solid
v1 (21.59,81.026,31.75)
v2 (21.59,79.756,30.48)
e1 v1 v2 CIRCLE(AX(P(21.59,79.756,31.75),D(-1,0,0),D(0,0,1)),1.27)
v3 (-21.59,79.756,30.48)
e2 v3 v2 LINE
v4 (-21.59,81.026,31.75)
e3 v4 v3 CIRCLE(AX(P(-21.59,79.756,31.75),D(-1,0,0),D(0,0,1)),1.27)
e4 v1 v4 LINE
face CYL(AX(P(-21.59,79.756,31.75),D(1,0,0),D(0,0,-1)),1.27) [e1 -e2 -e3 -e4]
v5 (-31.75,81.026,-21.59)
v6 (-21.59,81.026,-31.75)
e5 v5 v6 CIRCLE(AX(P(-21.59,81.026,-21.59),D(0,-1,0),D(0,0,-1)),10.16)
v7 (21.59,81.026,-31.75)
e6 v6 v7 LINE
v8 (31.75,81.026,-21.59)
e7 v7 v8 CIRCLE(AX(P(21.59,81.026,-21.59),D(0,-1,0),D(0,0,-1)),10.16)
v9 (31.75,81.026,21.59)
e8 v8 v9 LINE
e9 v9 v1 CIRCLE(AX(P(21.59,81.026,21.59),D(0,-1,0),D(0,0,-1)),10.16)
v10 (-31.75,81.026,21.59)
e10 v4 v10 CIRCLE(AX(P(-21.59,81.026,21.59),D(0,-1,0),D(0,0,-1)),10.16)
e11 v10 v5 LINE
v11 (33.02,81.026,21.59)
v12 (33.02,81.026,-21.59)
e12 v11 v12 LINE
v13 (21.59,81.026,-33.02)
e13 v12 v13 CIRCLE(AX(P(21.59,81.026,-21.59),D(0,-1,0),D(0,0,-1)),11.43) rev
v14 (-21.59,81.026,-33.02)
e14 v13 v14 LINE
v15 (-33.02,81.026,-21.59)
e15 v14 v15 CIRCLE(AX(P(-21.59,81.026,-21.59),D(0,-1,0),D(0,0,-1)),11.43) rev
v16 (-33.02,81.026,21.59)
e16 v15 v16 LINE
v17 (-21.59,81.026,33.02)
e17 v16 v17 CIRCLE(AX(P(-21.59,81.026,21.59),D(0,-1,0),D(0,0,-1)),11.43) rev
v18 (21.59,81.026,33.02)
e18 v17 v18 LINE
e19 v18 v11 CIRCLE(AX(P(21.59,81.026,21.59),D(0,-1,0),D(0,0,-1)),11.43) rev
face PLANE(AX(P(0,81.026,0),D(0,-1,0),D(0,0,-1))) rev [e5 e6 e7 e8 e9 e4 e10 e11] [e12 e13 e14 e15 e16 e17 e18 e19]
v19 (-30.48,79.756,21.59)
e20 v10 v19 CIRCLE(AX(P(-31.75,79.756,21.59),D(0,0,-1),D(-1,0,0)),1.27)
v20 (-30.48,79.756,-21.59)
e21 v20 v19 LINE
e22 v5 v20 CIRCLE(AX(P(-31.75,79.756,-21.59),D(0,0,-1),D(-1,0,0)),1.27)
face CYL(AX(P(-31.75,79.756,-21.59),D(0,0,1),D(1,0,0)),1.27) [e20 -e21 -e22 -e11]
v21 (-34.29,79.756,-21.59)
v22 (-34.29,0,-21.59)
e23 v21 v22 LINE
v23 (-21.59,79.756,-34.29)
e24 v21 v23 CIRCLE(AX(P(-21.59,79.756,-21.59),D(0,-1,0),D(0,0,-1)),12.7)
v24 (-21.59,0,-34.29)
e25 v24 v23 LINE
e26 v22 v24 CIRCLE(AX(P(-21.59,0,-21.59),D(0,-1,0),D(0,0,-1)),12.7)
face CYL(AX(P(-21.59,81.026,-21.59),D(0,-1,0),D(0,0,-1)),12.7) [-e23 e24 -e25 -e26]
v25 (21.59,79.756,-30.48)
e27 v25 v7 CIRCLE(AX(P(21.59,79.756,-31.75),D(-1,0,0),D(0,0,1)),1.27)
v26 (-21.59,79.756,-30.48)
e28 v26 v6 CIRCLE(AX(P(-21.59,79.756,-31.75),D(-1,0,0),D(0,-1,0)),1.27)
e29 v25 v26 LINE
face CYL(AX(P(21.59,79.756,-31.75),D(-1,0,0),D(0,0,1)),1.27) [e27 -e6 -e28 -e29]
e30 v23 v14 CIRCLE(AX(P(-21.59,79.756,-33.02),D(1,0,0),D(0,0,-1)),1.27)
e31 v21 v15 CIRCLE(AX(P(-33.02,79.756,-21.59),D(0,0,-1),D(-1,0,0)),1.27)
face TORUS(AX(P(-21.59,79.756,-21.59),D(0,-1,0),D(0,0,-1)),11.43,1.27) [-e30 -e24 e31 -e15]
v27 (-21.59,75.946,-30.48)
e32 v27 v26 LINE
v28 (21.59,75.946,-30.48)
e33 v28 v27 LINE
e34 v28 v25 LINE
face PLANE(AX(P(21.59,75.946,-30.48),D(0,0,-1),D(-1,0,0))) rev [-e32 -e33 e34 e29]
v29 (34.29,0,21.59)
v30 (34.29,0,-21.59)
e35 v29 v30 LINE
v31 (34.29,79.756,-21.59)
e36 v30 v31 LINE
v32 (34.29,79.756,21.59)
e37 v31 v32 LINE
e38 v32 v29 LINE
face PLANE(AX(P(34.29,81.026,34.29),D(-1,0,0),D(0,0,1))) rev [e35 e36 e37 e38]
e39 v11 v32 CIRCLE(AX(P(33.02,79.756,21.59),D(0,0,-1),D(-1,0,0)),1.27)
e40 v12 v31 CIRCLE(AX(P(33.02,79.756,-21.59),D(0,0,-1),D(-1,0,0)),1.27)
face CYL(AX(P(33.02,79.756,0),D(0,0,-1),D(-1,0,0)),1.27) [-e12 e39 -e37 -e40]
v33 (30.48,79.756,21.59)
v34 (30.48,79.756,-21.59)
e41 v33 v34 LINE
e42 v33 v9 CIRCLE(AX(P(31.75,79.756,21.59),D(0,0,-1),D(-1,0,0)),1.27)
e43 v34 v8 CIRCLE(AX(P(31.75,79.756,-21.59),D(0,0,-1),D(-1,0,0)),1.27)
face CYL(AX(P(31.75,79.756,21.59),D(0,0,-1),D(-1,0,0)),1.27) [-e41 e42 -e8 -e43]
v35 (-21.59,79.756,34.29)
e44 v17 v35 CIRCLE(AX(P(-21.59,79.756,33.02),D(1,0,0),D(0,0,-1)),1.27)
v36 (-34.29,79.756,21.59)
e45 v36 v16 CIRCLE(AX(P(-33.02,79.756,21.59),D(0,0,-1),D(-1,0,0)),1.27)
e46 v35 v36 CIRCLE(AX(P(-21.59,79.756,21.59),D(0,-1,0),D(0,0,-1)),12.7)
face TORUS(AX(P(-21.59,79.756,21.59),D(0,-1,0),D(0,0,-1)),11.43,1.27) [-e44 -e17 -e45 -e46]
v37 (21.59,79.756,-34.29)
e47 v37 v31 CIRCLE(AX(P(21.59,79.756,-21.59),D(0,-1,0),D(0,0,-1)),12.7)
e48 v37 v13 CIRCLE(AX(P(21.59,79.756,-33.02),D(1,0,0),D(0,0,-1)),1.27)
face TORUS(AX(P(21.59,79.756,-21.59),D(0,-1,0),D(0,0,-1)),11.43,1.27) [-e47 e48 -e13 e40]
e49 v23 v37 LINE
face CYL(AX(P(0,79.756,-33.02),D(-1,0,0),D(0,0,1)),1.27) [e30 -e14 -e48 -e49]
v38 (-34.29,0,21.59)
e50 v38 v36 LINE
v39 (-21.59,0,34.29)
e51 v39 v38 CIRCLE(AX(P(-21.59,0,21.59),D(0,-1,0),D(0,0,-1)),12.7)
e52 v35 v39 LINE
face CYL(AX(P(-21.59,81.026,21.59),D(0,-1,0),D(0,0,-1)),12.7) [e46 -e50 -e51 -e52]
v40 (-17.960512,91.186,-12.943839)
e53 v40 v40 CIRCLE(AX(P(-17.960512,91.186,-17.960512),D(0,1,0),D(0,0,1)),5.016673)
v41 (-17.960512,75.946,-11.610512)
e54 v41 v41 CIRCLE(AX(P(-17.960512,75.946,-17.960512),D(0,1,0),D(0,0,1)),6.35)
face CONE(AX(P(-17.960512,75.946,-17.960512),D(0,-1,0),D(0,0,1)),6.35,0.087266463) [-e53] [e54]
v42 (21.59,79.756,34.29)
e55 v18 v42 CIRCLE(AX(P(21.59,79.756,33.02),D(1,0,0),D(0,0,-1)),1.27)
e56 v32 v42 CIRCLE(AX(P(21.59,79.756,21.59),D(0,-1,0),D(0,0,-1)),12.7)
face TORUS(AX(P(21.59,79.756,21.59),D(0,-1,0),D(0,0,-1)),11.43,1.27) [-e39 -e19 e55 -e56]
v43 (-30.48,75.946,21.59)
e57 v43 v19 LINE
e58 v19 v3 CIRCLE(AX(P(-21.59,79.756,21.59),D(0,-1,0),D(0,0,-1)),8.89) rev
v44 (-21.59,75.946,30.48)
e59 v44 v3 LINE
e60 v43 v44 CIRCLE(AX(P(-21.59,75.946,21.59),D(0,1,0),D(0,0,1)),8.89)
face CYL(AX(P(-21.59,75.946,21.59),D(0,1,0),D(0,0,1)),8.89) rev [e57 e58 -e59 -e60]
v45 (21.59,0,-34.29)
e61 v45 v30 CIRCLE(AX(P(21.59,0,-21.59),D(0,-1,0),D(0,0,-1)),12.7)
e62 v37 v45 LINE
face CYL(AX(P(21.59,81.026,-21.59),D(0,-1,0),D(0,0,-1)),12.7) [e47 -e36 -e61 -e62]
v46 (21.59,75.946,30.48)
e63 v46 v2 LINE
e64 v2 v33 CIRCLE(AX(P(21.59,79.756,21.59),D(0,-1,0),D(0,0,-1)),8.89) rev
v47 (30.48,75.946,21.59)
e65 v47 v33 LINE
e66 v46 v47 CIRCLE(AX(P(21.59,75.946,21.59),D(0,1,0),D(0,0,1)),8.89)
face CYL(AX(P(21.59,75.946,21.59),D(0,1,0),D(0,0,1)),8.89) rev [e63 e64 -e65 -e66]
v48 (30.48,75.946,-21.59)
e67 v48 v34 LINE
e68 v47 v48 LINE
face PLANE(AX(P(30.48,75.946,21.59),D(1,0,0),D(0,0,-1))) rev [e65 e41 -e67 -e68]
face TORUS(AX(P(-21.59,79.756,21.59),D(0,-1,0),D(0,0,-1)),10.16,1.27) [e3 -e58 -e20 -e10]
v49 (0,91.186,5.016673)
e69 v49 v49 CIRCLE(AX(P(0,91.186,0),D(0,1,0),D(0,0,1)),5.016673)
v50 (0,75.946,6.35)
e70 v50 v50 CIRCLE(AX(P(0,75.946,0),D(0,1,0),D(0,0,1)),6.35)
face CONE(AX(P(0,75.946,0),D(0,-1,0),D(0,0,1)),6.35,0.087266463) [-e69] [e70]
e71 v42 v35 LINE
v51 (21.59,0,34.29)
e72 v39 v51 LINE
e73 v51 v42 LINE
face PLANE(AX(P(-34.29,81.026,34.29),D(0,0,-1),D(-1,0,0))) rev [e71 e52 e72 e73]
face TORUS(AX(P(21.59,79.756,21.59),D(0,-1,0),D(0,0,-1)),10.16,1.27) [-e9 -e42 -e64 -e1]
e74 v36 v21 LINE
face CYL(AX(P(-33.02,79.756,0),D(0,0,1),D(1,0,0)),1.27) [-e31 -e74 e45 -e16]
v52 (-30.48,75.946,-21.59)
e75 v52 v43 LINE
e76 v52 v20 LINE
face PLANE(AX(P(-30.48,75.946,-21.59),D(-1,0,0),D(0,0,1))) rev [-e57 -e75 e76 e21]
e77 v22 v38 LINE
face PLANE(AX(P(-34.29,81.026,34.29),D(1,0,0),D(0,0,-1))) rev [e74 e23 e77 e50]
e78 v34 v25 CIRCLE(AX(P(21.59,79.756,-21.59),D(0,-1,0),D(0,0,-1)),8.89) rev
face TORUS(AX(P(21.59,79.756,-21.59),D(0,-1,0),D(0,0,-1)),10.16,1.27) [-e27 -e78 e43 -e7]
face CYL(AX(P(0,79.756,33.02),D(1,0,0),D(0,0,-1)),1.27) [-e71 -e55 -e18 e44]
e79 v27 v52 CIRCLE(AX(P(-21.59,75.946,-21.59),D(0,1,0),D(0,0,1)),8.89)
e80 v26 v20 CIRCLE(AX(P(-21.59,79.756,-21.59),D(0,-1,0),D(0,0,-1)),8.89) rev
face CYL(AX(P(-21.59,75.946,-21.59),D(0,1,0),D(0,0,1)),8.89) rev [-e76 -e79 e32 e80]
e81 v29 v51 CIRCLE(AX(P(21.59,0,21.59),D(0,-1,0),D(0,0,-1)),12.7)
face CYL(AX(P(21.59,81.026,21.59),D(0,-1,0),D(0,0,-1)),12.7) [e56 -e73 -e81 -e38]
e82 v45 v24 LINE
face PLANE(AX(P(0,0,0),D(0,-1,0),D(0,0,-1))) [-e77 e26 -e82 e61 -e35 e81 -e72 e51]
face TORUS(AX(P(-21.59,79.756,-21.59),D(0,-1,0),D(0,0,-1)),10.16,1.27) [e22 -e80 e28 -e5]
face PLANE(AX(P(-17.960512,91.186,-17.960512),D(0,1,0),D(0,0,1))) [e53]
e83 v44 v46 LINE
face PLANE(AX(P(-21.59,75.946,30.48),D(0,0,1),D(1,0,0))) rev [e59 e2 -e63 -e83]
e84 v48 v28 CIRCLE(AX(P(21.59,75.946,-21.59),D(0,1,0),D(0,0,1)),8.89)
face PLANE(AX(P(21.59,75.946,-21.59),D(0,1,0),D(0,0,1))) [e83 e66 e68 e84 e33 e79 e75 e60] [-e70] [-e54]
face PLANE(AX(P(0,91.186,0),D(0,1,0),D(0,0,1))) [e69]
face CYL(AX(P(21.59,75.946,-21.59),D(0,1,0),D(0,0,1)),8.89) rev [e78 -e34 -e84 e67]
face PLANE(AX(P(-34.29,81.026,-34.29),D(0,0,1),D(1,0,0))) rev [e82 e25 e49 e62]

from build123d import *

# Parameters (mm, degrees)
SKETCH1_W                 = 68.58
SKETCH1_H                 = 68.58
BASE_EXTRUDE_DEPTH        = 81.026
SIDE_FILLETS_R            = 12.7
TOP_CUT_DEPTH             = 5.08
TOP_FACE_FILLET_R         = 1.27
SKETCH4_R                 = 6.35
TERMINALS_DEPTH           = 15.24
TERMINALS_DRAFT           = 5
TERMINALS_PROFILE_2_DEPTH = 15.24
TERMINALS_PROFILE_2_DRAFT = 5


with BuildPart() as part:
    # Sketch1 → Base Extrude (new body)
    with BuildSketch(Plane(origin=(0, 0, 0), x_dir=(1, 0, 0), z_dir=(0, 1, 0))):
        Rectangle(SKETCH1_W, SKETCH1_H)
    extrude(amount=BASE_EXTRUDE_DEPTH)

    # Side Fillets
    side_fillets_edges = [part.edges().sort_by_distance(p)[0] for p in [
        (34.29, 40.513, 34.29),
        (-34.29, 40.513, 34.29),
        (-34.29, 40.513, -34.29),
        (34.29, 40.513, -34.29),
    ]]
    fillet(side_fillets_edges, radius=SIDE_FILLETS_R)

    # Sketch3 → Top Cut (cut)
    with BuildSketch(Plane(origin=(0, 81.026, 0), x_dir=(1, 0, 0), z_dir=(0, 1, 0))):
        with BuildLine():
            Line((21.59, 30.48), (-21.59, 30.48))
            ThreePointArc((-21.59, 30.48), (-27.876179285, 27.876179285), (-30.48, 21.59))
            Line((-30.48, 21.59), (-30.48, -21.59))
            ThreePointArc((-30.48, -21.59), (-27.876179285, -27.876179285), (-21.59, -30.48))
            Line((-21.59, -30.48), (21.59, -30.48))
            ThreePointArc((21.59, -30.48), (27.876179285, -27.876179285), (30.48, -21.59))
            Line((30.48, -21.59), (30.48, 21.59))
            ThreePointArc((30.48, 21.59), (27.876179285, 27.876179285), (21.59, 30.48))
        make_face()
    extrude(amount=-TOP_CUT_DEPTH, mode=Mode.SUBTRACT)

    # Top Face Fillet
    top_face_fillet_edges = [part.edges().sort_by_distance(p)[0] for p in [
        (-34.29, 81.026, 0),
        (0, 81.026, -34.29),
        (34.29, 81.026, 0),
        (0, 81.026, 34.29),
        (-30.570256121, 81.026, 30.570256121),
        (30.570256121, 81.026, 30.570256121),
        (30.570256121, 81.026, -30.570256121),
        (-30.570256121, 81.026, -30.570256121),
        (27.876179285, 81.026, -27.876179285),
        (0, 81.026, -30.48),
        (-27.876179285, 81.026, -27.876179285),
        (-30.48, 81.026, 0),
        (-27.876179285, 81.026, 27.876179285),
        (0, 81.026, 30.48),
        (27.876179285, 81.026, 27.876179285),
        (30.48, 81.026, 0),
    ]]
    fillet(top_face_fillet_edges, radius=TOP_FACE_FILLET_R)


with BuildPart() as terminals_tool:
    # Sketch4 → Terminals (with draft: the straight prism first)
    with BuildSketch(Plane(origin=(0, 75.946, 0), x_dir=(1, 0, 0), z_dir=(0, 1, 0))):
        Circle(SKETCH4_R)
    extrude(amount=TERMINALS_DEPTH)
    # Terminals: the draft: its side faces are tilted about the plane it starts from
    terminals_sides = [terminals_tool.faces().sort_by_distance(p)[0] for p in [
        (-6.35, 83.566, 0),
    ]]
    draft(terminals_sides, Plane(origin=(0, 75.946, 0), x_dir=(1, 0, 0), z_dir=(0, 1, 0)), TERMINALS_DRAFT)


with BuildPart() as part_1:
    add(part.part)

    # Terminals: add terminals_tool
    add(terminals_tool.part)


with BuildPart() as terminals_profile_2_tool:
    # Sketch4 → Terminals profile 2 (with draft: the straight prism first)
    with BuildSketch(Plane(origin=(0, 75.946, 0), x_dir=(1, 0, 0), z_dir=(0, 1, 0))):
        with Locations((-17.960512242, 17.960512242)):
            Circle(SKETCH4_R)
    extrude(amount=TERMINALS_PROFILE_2_DEPTH)
    # Terminals profile 2: the draft: its side faces are tilted about the plane it starts from
    terminals_profile_2_sides = [terminals_profile_2_tool.faces().sort_by_distance(p)[0] for p in [
        (-24.310512242, 83.566, -17.960512242),
    ]]
    draft(terminals_profile_2_sides, Plane(origin=(0, 75.946, 0), x_dir=(1, 0, 0), z_dir=(0, 1, 0)), TERMINALS_PROFILE_2_DRAFT)


with BuildPart() as part_2:
    add(part_1.part)

    # Terminals profile 2: add terminals_profile_2_tool
    add(terminals_profile_2_tool.part)


solid = part_2.part
